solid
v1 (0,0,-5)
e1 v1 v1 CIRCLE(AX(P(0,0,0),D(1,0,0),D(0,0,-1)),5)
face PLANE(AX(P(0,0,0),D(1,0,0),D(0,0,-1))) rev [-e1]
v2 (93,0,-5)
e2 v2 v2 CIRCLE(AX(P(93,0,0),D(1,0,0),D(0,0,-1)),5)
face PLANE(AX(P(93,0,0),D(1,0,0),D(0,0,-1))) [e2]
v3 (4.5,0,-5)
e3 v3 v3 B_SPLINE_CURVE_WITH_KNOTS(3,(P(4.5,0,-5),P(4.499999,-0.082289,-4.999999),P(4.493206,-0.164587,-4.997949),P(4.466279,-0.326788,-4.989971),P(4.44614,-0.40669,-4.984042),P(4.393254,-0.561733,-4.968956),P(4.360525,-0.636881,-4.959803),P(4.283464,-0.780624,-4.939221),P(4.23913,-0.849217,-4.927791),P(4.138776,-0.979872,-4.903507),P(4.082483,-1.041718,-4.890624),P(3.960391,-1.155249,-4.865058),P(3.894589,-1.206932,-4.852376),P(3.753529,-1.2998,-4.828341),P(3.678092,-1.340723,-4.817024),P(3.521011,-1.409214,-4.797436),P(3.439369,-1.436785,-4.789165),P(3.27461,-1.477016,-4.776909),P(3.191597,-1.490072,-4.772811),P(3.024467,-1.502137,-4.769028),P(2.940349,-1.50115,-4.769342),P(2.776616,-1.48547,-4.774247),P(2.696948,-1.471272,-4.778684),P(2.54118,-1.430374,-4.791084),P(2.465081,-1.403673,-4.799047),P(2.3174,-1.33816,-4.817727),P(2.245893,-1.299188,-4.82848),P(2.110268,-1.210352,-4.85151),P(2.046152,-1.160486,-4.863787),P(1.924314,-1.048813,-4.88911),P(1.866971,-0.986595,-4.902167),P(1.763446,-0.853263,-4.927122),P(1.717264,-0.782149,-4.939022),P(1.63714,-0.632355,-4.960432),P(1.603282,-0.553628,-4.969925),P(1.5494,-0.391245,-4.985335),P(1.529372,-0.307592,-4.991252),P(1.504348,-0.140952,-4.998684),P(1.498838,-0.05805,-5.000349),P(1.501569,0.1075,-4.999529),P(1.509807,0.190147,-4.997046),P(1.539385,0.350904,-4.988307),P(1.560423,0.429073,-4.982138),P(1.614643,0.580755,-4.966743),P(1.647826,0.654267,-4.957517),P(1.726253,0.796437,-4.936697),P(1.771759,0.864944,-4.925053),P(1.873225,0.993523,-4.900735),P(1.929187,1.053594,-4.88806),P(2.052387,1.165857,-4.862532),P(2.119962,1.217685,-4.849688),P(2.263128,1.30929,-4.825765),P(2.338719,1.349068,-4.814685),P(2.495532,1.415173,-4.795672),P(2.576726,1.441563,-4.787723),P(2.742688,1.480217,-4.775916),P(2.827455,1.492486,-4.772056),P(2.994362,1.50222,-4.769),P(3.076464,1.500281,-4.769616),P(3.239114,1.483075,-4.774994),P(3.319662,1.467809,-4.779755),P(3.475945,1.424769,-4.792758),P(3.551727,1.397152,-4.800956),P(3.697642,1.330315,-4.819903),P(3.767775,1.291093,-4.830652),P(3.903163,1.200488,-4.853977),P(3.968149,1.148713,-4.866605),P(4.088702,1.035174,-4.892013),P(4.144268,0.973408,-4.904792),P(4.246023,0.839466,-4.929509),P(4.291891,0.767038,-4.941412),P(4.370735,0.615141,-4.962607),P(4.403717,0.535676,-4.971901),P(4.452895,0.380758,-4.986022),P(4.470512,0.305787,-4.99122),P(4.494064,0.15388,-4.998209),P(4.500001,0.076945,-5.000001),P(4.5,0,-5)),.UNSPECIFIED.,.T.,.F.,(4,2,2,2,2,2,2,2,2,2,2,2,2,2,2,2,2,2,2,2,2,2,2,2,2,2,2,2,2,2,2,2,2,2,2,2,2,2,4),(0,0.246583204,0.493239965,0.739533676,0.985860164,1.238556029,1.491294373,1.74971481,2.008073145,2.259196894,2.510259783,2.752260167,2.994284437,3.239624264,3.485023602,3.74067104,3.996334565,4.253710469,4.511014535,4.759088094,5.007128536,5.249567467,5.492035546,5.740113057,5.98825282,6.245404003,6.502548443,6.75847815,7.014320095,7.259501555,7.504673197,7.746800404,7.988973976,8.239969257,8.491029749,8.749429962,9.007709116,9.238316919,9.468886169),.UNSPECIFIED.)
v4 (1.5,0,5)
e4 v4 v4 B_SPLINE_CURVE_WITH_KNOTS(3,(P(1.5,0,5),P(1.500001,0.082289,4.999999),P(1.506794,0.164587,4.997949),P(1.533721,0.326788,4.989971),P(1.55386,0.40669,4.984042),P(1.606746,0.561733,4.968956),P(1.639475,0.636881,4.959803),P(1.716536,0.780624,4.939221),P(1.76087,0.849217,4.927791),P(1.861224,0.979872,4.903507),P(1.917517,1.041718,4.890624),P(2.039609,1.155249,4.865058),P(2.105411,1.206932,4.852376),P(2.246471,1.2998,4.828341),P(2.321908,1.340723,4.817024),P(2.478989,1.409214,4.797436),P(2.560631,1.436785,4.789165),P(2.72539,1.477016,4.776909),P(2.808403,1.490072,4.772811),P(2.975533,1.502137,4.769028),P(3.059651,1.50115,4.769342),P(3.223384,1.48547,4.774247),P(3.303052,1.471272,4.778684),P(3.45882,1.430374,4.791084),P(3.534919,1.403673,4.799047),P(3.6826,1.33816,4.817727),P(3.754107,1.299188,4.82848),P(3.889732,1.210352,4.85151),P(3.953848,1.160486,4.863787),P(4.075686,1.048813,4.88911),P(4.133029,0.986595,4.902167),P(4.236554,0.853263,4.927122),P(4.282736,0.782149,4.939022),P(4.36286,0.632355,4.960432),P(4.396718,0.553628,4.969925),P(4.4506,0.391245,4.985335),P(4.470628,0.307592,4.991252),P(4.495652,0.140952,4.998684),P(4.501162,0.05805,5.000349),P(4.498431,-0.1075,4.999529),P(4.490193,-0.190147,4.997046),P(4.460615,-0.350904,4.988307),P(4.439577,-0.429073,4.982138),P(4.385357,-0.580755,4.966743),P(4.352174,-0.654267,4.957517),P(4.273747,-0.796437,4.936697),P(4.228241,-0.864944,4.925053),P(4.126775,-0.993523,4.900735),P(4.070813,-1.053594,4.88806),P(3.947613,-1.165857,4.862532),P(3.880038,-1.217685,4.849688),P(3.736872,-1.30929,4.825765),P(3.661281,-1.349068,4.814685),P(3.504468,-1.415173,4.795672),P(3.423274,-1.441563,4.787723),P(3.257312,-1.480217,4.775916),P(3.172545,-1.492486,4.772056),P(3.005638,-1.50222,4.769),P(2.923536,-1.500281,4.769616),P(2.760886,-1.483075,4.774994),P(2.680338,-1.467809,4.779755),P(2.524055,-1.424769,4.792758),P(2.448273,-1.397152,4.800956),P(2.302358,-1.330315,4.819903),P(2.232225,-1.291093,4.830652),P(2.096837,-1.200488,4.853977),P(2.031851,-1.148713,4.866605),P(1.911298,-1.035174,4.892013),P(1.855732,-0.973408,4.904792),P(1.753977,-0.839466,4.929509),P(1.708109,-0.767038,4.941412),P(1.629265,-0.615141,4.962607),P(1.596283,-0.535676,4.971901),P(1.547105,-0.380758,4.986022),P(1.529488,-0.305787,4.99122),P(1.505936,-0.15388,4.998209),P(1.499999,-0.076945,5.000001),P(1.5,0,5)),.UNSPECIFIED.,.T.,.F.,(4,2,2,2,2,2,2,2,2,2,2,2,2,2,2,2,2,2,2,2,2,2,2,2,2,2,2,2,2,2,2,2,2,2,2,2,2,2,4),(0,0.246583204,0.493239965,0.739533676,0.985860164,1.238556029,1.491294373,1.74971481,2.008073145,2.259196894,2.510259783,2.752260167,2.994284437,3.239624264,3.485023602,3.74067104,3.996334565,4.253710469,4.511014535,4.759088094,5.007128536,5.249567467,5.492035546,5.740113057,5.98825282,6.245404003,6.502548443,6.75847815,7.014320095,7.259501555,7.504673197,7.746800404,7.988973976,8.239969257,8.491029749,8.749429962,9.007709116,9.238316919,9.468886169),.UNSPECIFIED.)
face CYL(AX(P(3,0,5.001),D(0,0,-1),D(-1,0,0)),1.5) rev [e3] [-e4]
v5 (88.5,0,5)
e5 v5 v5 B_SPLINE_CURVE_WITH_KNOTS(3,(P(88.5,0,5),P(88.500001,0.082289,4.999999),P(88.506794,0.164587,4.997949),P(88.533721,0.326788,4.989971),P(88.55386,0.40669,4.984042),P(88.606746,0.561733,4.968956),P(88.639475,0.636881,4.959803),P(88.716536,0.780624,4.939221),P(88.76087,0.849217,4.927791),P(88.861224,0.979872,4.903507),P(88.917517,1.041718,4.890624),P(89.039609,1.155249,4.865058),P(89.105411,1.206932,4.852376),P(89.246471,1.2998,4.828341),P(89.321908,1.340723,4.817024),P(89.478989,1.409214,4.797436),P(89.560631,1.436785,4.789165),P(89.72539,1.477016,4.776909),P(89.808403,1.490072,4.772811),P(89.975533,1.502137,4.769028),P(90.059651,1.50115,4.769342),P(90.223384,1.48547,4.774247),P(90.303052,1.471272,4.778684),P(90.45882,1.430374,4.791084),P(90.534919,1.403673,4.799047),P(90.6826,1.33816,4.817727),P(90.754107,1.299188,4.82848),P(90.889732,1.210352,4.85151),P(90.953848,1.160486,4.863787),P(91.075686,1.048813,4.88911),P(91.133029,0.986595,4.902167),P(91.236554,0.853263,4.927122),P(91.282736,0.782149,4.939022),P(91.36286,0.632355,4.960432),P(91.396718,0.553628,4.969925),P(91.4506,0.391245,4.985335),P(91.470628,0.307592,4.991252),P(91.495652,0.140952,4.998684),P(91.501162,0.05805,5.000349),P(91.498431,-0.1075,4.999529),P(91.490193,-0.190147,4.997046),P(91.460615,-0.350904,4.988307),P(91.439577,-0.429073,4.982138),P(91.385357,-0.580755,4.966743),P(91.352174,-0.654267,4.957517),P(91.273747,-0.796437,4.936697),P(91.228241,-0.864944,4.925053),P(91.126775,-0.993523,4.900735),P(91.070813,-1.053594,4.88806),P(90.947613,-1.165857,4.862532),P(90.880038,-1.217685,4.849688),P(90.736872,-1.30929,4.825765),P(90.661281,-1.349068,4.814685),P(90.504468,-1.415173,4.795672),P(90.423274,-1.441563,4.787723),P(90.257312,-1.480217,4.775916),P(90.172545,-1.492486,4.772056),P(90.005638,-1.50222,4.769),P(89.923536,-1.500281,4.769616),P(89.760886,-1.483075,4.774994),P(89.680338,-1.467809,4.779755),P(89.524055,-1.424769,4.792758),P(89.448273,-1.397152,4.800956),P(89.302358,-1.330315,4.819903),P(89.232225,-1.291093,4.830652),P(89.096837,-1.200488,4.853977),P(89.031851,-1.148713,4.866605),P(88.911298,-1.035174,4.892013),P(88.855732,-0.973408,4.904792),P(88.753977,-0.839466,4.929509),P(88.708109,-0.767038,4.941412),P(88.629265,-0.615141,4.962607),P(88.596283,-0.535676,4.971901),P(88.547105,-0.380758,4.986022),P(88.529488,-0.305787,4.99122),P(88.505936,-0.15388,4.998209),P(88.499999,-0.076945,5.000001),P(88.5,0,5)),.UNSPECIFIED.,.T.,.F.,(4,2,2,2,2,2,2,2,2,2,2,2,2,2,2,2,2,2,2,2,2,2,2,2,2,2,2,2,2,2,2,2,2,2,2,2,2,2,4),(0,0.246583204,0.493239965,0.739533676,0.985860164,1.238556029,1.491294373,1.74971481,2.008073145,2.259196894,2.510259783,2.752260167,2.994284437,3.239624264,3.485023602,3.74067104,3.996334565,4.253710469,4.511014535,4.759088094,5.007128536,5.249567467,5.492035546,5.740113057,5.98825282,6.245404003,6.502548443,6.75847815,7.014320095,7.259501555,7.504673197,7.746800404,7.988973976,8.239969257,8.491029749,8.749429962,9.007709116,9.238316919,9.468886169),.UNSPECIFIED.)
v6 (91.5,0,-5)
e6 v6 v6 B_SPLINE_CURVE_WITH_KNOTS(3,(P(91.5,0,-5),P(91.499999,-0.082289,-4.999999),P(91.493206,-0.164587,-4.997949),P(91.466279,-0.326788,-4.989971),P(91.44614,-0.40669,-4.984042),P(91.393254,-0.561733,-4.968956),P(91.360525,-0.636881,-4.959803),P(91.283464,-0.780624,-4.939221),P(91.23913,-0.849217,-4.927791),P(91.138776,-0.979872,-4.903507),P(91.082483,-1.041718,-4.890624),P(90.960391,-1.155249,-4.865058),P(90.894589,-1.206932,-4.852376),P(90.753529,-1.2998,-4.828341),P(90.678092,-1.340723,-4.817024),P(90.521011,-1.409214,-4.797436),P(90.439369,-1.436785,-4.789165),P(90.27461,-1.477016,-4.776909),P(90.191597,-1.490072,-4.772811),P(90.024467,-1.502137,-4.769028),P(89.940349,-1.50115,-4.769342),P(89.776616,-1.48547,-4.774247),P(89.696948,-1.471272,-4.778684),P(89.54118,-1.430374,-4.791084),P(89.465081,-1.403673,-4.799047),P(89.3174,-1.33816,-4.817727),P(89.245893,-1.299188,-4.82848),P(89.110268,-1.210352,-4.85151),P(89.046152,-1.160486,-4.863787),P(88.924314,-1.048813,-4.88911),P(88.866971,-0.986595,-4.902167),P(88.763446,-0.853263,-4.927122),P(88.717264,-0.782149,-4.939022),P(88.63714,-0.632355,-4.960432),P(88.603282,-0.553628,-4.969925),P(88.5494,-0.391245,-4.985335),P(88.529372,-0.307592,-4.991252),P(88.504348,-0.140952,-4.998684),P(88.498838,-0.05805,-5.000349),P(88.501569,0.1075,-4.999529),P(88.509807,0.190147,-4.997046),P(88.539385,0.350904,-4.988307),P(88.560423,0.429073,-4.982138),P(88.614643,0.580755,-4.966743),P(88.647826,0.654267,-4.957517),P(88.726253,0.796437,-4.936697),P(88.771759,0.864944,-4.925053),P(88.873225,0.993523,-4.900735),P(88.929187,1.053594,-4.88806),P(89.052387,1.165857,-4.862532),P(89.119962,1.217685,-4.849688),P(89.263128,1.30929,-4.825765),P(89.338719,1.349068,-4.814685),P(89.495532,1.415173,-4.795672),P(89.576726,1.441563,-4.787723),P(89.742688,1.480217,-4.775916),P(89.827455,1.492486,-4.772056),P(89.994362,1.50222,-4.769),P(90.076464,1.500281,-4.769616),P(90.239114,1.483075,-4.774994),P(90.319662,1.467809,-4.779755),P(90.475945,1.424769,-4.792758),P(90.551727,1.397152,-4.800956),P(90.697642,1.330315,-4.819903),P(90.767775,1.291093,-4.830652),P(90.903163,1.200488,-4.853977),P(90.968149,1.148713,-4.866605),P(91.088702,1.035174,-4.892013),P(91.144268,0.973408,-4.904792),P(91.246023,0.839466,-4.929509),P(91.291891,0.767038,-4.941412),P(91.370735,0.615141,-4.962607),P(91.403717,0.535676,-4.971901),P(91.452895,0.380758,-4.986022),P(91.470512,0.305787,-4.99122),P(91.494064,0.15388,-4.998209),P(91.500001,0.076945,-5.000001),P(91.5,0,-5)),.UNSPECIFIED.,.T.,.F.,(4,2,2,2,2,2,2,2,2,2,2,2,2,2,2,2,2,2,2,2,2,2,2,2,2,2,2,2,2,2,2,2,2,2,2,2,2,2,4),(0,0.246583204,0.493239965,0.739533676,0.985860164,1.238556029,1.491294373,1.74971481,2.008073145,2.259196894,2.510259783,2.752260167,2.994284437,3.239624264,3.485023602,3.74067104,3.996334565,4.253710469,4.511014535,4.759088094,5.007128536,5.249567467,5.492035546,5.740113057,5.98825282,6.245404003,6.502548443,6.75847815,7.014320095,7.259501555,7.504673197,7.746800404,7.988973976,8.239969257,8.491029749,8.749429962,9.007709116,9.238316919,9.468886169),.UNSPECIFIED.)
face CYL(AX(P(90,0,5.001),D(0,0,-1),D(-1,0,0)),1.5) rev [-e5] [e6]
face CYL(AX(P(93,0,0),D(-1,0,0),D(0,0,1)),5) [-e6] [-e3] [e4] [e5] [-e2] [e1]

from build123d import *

# Parameters (mm, degrees)
CROQUIS1_R                        = 5
SALIENTE_EXTRUIR1_DEPTH           = 93
CORTAR_EXTRUIR1_REACH             = 7
CROQUIS2_R                        = 1.5
CORTAR_EXTRUIR1_DIRECTION_2_REACH = 7


with BuildPart() as part:
    # Croquis1 → Saliente-Extruir1 (new body)
    with BuildSketch(Plane(origin=(0, 0, 0), x_dir=(0, 0, -1), z_dir=(1, 0, 0))):
        Circle(CROQUIS1_R)
    extrude(amount=SALIENTE_EXTRUIR1_DEPTH)

    # Croquis2 → Cortar-Extruir1 (cut, up to next)
    with BuildSketch(Plane.XY, mode=Mode.PRIVATE) as cortar_extruir1_sk1:
        with Locations((3, 0)):
            Circle(CROQUIS2_R)
    cortar_extruir1_tool1 = extrude(cortar_extruir1_sk1.sketch, amount=-CORTAR_EXTRUIR1_REACH, mode=Mode.PRIVATE) & part.part
    add(cortar_extruir1_tool1.solids().sort_by_distance((3, 0, 0))[0], mode=Mode.SUBTRACT)
    # Croquis2 → Cortar-Extruir1 (cut, up to next)
    with BuildSketch(Plane.XY, mode=Mode.PRIVATE) as cortar_extruir1_sk2:
        with Locations((90, 0)):
            Circle(CROQUIS2_R)
    cortar_extruir1_tool2 = extrude(cortar_extruir1_sk2.sketch, amount=-CORTAR_EXTRUIR1_REACH, mode=Mode.PRIVATE) & part.part
    add(cortar_extruir1_tool2.solids().sort_by_distance((90, 0, 0))[0], mode=Mode.SUBTRACT)

    # Croquis2 → Cortar-Extruir1 direction 2 (cut, up to next)
    with BuildSketch(Plane.XY, mode=Mode.PRIVATE) as cortar_extruir1_direction_2_sk1:
        with Locations((3, 0)):
            Circle(CROQUIS2_R)
    cortar_extruir1_direction_2_tool1 = extrude(cortar_extruir1_direction_2_sk1.sketch, amount=CORTAR_EXTRUIR1_DIRECTION_2_REACH, mode=Mode.PRIVATE) & part.part
    add(cortar_extruir1_direction_2_tool1.solids().sort_by_distance((3, 0, 0))[0], mode=Mode.SUBTRACT)
    # Croquis2 → Cortar-Extruir1 direction 2 (cut, up to next)
    with BuildSketch(Plane.XY, mode=Mode.PRIVATE) as cortar_extruir1_direction_2_sk2:
        with Locations((90, 0)):
            Circle(CROQUIS2_R)
    cortar_extruir1_direction_2_tool2 = extrude(cortar_extruir1_direction_2_sk2.sketch, amount=CORTAR_EXTRUIR1_DIRECTION_2_REACH, mode=Mode.PRIVATE) & part.part
    add(cortar_extruir1_direction_2_tool2.solids().sort_by_distance((90, 0, 0))[0], mode=Mode.SUBTRACT)


solid = part.part
